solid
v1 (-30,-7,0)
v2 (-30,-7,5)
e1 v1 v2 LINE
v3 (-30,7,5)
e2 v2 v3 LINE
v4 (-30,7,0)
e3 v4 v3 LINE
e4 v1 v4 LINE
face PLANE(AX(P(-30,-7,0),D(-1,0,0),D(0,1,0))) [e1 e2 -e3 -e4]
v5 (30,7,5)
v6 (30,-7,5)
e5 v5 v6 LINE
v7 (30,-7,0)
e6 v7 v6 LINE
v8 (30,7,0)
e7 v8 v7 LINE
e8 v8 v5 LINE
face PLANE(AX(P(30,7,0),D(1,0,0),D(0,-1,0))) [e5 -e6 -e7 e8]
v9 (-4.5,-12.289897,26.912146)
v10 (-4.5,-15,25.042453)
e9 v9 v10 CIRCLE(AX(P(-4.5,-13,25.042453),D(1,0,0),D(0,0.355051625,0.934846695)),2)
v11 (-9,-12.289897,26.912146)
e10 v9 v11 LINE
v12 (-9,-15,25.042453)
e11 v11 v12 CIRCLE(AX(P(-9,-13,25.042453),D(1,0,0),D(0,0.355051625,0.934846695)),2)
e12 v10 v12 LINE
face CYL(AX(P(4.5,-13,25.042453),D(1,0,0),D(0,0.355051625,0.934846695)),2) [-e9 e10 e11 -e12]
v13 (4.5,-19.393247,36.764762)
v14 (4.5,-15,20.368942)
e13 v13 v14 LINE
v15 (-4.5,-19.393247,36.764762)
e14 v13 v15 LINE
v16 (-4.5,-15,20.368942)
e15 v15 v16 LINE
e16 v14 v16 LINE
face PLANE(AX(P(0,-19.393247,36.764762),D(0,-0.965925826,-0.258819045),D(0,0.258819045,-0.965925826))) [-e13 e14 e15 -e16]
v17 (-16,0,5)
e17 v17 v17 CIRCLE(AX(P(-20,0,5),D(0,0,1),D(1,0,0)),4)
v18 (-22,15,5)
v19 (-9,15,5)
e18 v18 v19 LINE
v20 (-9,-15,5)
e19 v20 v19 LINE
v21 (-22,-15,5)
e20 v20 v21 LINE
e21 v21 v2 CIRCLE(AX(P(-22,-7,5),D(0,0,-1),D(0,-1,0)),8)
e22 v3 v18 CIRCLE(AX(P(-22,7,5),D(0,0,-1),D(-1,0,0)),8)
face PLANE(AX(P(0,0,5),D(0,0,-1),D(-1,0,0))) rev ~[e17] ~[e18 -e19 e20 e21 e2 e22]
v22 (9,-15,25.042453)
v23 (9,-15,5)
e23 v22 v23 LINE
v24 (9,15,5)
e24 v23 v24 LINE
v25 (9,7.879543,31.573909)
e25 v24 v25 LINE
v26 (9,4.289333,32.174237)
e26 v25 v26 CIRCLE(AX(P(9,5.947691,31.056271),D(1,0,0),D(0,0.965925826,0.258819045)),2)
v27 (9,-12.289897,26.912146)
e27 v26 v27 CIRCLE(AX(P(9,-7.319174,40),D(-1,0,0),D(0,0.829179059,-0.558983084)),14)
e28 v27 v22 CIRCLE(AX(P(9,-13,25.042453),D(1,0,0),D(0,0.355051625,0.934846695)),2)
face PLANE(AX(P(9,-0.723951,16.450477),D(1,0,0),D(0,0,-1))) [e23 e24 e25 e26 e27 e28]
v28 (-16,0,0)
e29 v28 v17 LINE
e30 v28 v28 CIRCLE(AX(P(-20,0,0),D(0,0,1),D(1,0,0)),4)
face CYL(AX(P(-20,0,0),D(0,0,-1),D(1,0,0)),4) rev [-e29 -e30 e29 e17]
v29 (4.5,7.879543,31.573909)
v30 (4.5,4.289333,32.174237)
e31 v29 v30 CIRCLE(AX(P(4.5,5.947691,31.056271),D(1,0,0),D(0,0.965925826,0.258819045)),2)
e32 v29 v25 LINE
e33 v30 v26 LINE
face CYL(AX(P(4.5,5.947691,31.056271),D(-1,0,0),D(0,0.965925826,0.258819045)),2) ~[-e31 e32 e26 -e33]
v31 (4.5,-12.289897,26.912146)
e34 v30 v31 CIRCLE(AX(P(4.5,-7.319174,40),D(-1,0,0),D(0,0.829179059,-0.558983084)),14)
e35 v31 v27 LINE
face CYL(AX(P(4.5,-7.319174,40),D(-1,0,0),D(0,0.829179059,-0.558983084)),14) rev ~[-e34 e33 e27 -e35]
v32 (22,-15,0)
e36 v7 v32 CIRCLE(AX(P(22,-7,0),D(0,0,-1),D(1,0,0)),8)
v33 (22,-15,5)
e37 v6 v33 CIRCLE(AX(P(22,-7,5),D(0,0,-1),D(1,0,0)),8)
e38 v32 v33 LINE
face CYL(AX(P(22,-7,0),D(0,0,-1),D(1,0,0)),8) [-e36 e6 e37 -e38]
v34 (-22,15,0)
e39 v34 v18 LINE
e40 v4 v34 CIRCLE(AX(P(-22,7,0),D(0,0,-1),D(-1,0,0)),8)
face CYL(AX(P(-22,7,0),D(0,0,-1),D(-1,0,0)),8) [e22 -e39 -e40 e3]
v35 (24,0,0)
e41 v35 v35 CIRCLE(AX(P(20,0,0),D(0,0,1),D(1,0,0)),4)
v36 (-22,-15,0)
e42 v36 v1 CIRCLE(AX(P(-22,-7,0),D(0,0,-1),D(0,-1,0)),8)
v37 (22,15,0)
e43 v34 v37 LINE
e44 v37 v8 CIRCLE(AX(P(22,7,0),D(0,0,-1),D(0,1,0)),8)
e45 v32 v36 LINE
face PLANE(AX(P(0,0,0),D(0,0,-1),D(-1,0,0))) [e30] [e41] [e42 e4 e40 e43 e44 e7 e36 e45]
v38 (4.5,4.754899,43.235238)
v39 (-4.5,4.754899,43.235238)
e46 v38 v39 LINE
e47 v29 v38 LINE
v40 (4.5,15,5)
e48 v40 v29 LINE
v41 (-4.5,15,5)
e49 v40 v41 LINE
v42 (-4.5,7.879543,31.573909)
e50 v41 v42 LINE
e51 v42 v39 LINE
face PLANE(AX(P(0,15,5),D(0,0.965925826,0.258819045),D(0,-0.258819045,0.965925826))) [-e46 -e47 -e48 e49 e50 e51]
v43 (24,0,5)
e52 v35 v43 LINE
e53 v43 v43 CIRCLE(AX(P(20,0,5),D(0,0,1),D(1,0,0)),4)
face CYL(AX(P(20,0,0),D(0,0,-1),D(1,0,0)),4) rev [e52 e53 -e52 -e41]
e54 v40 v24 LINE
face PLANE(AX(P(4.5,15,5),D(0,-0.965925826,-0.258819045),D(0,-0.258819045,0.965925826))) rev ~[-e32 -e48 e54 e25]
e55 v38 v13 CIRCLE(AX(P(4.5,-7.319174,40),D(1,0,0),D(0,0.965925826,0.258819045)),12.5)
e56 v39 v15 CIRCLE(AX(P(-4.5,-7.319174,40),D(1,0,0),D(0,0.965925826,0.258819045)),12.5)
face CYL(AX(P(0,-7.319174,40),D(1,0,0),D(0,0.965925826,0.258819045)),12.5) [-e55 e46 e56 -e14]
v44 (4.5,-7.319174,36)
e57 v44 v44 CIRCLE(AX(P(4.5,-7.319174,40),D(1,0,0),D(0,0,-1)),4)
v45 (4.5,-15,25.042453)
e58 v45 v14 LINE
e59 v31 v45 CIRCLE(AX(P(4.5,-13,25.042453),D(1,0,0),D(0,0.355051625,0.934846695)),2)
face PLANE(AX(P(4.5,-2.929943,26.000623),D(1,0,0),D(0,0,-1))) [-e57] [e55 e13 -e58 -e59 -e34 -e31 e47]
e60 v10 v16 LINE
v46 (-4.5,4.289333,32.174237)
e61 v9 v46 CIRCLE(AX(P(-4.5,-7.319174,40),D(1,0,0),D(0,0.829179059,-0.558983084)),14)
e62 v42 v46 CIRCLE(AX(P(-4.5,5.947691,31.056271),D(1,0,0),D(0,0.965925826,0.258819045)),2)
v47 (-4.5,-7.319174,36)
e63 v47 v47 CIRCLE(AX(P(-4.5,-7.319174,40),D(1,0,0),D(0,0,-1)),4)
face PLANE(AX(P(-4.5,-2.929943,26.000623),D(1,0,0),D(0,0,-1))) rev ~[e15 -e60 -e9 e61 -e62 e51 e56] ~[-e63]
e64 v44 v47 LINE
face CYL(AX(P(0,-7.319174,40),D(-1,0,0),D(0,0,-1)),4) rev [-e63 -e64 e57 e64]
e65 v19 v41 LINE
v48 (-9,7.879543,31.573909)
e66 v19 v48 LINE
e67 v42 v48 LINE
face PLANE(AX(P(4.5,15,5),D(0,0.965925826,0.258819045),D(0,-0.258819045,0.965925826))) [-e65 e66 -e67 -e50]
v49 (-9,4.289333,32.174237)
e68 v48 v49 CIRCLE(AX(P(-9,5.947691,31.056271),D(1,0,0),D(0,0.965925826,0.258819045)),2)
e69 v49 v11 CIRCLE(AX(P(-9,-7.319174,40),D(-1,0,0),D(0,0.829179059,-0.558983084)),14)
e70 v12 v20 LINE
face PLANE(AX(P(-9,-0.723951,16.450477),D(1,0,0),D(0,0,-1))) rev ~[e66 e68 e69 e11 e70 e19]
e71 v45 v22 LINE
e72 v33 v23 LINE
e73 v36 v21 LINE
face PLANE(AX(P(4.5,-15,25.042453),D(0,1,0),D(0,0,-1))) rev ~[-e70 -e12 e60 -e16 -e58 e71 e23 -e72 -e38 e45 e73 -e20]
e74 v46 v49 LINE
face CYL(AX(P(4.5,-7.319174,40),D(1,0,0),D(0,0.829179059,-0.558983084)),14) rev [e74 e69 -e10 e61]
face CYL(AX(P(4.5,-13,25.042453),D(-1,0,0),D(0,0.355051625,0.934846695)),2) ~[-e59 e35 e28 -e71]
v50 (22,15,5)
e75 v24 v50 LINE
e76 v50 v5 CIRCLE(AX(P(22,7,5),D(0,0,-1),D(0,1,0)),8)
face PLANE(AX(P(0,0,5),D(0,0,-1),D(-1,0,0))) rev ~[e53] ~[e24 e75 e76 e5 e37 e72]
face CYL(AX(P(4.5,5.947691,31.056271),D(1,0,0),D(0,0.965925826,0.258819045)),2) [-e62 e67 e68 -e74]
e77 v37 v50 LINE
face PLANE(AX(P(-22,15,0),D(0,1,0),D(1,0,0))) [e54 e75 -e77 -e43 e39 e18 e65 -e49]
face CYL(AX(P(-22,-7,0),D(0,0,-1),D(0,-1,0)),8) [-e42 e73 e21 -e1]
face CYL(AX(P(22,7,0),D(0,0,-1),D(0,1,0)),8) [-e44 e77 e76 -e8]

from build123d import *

# Parameters (mm, degrees)
SKETCH2_R                = 4
BOSS_EXTRUDE1_DEPTH      = 5
SKETCH3_R                = 4
BOSS_EXTRUDE2_DEPTH      = 4.5
BOSS_EXTRUDE2_DEPTH_BACK = 4.5
BOSS_EXTRUDE3_DEPTH      = 4.5
BOSS_EXTRUDE3_DEPTH_BACK = 13.5


with BuildPart() as part:
    # Sketch2 → Boss-Extrude1 (new body)
    with BuildSketch(Plane.XY):
        with BuildLine():
            Line((-22, 15), (22, 15))
            ThreePointArc((22, 15), (27.656854249, 12.656854249), (30, 7))
            Line((30, 7), (30, -7))
            ThreePointArc((30, -7), (27.656854249, -12.656854249), (22, -15))
            Line((22, -15), (-22, -15))
            ThreePointArc((-22, -15), (-27.656854249, -12.656854249), (-30, -7))
            Line((-30, -7), (-30, 7))
            ThreePointArc((-30, 7), (-27.656854249, 12.656854249), (-22, 15))
        make_face()
        with Locations((-20, 0)):
            Circle(SKETCH2_R, mode=Mode.SUBTRACT)
        with Locations((20, 0)):
            Circle(SKETCH2_R, mode=Mode.SUBTRACT)
    extrude(amount=BOSS_EXTRUDE1_DEPTH)

    # Sketch3 → Boss-Extrude2 (add, two sides)
    with BuildSketch(Plane(origin=(0, 0, 0), x_dir=(0, 0, -1), z_dir=(1, 0, 0))) as boss_extrude2_sk:
        with BuildLine():
            Line((-36.764761936, -19.393246819), (-5, -10.88190451))
            Line((-5, -10.88190451), (-5, 15))
            Line((-5, 15), (-43.235238064, 4.754898838))
            ThreePointArc((-43.235238064, 4.754898838), (-52.074072829, -10.554412054), (-36.764761936, -19.393246819))
        make_face()
        with Locations((-40, -7.31917399)):
            Circle(SKETCH3_R, mode=Mode.SUBTRACT)
    extrude(amount=BOSS_EXTRUDE2_DEPTH)
    extrude(boss_extrude2_sk.sketch, amount=-BOSS_EXTRUDE2_DEPTH_BACK)

    # Sketch4 → Boss-Extrude3 (add, two sides)
    with BuildSketch(Plane(origin=(4.5, 0, 0), x_dir=(0, 0, -1), z_dir=(1, 0, 0))) as boss_extrude3_sk:
        with BuildLine():
            Line((-25.04245288, -15), (-5, -15))
            Line((-5, -15), (-5, 15))
            Line((-5, 15), (-31.573908753, 7.87954261))
            ThreePointArc((-31.573908753, 7.87954261), (-33.028883618, 6.27753657), (-32.17423683, 4.289332839))
            ThreePointArc((-32.17423683, 4.289332839), (-26.655991742, -3.083912061), (-26.91214627, -12.289896749))
            ThreePointArc((-26.91214627, -12.289896749), (-26.688692003, -14.135736214), (-25.04245288, -15))
        make_face()
    extrude(amount=BOSS_EXTRUDE3_DEPTH)
    extrude(boss_extrude3_sk.sketch, amount=-BOSS_EXTRUDE3_DEPTH_BACK)


solid = part.part
